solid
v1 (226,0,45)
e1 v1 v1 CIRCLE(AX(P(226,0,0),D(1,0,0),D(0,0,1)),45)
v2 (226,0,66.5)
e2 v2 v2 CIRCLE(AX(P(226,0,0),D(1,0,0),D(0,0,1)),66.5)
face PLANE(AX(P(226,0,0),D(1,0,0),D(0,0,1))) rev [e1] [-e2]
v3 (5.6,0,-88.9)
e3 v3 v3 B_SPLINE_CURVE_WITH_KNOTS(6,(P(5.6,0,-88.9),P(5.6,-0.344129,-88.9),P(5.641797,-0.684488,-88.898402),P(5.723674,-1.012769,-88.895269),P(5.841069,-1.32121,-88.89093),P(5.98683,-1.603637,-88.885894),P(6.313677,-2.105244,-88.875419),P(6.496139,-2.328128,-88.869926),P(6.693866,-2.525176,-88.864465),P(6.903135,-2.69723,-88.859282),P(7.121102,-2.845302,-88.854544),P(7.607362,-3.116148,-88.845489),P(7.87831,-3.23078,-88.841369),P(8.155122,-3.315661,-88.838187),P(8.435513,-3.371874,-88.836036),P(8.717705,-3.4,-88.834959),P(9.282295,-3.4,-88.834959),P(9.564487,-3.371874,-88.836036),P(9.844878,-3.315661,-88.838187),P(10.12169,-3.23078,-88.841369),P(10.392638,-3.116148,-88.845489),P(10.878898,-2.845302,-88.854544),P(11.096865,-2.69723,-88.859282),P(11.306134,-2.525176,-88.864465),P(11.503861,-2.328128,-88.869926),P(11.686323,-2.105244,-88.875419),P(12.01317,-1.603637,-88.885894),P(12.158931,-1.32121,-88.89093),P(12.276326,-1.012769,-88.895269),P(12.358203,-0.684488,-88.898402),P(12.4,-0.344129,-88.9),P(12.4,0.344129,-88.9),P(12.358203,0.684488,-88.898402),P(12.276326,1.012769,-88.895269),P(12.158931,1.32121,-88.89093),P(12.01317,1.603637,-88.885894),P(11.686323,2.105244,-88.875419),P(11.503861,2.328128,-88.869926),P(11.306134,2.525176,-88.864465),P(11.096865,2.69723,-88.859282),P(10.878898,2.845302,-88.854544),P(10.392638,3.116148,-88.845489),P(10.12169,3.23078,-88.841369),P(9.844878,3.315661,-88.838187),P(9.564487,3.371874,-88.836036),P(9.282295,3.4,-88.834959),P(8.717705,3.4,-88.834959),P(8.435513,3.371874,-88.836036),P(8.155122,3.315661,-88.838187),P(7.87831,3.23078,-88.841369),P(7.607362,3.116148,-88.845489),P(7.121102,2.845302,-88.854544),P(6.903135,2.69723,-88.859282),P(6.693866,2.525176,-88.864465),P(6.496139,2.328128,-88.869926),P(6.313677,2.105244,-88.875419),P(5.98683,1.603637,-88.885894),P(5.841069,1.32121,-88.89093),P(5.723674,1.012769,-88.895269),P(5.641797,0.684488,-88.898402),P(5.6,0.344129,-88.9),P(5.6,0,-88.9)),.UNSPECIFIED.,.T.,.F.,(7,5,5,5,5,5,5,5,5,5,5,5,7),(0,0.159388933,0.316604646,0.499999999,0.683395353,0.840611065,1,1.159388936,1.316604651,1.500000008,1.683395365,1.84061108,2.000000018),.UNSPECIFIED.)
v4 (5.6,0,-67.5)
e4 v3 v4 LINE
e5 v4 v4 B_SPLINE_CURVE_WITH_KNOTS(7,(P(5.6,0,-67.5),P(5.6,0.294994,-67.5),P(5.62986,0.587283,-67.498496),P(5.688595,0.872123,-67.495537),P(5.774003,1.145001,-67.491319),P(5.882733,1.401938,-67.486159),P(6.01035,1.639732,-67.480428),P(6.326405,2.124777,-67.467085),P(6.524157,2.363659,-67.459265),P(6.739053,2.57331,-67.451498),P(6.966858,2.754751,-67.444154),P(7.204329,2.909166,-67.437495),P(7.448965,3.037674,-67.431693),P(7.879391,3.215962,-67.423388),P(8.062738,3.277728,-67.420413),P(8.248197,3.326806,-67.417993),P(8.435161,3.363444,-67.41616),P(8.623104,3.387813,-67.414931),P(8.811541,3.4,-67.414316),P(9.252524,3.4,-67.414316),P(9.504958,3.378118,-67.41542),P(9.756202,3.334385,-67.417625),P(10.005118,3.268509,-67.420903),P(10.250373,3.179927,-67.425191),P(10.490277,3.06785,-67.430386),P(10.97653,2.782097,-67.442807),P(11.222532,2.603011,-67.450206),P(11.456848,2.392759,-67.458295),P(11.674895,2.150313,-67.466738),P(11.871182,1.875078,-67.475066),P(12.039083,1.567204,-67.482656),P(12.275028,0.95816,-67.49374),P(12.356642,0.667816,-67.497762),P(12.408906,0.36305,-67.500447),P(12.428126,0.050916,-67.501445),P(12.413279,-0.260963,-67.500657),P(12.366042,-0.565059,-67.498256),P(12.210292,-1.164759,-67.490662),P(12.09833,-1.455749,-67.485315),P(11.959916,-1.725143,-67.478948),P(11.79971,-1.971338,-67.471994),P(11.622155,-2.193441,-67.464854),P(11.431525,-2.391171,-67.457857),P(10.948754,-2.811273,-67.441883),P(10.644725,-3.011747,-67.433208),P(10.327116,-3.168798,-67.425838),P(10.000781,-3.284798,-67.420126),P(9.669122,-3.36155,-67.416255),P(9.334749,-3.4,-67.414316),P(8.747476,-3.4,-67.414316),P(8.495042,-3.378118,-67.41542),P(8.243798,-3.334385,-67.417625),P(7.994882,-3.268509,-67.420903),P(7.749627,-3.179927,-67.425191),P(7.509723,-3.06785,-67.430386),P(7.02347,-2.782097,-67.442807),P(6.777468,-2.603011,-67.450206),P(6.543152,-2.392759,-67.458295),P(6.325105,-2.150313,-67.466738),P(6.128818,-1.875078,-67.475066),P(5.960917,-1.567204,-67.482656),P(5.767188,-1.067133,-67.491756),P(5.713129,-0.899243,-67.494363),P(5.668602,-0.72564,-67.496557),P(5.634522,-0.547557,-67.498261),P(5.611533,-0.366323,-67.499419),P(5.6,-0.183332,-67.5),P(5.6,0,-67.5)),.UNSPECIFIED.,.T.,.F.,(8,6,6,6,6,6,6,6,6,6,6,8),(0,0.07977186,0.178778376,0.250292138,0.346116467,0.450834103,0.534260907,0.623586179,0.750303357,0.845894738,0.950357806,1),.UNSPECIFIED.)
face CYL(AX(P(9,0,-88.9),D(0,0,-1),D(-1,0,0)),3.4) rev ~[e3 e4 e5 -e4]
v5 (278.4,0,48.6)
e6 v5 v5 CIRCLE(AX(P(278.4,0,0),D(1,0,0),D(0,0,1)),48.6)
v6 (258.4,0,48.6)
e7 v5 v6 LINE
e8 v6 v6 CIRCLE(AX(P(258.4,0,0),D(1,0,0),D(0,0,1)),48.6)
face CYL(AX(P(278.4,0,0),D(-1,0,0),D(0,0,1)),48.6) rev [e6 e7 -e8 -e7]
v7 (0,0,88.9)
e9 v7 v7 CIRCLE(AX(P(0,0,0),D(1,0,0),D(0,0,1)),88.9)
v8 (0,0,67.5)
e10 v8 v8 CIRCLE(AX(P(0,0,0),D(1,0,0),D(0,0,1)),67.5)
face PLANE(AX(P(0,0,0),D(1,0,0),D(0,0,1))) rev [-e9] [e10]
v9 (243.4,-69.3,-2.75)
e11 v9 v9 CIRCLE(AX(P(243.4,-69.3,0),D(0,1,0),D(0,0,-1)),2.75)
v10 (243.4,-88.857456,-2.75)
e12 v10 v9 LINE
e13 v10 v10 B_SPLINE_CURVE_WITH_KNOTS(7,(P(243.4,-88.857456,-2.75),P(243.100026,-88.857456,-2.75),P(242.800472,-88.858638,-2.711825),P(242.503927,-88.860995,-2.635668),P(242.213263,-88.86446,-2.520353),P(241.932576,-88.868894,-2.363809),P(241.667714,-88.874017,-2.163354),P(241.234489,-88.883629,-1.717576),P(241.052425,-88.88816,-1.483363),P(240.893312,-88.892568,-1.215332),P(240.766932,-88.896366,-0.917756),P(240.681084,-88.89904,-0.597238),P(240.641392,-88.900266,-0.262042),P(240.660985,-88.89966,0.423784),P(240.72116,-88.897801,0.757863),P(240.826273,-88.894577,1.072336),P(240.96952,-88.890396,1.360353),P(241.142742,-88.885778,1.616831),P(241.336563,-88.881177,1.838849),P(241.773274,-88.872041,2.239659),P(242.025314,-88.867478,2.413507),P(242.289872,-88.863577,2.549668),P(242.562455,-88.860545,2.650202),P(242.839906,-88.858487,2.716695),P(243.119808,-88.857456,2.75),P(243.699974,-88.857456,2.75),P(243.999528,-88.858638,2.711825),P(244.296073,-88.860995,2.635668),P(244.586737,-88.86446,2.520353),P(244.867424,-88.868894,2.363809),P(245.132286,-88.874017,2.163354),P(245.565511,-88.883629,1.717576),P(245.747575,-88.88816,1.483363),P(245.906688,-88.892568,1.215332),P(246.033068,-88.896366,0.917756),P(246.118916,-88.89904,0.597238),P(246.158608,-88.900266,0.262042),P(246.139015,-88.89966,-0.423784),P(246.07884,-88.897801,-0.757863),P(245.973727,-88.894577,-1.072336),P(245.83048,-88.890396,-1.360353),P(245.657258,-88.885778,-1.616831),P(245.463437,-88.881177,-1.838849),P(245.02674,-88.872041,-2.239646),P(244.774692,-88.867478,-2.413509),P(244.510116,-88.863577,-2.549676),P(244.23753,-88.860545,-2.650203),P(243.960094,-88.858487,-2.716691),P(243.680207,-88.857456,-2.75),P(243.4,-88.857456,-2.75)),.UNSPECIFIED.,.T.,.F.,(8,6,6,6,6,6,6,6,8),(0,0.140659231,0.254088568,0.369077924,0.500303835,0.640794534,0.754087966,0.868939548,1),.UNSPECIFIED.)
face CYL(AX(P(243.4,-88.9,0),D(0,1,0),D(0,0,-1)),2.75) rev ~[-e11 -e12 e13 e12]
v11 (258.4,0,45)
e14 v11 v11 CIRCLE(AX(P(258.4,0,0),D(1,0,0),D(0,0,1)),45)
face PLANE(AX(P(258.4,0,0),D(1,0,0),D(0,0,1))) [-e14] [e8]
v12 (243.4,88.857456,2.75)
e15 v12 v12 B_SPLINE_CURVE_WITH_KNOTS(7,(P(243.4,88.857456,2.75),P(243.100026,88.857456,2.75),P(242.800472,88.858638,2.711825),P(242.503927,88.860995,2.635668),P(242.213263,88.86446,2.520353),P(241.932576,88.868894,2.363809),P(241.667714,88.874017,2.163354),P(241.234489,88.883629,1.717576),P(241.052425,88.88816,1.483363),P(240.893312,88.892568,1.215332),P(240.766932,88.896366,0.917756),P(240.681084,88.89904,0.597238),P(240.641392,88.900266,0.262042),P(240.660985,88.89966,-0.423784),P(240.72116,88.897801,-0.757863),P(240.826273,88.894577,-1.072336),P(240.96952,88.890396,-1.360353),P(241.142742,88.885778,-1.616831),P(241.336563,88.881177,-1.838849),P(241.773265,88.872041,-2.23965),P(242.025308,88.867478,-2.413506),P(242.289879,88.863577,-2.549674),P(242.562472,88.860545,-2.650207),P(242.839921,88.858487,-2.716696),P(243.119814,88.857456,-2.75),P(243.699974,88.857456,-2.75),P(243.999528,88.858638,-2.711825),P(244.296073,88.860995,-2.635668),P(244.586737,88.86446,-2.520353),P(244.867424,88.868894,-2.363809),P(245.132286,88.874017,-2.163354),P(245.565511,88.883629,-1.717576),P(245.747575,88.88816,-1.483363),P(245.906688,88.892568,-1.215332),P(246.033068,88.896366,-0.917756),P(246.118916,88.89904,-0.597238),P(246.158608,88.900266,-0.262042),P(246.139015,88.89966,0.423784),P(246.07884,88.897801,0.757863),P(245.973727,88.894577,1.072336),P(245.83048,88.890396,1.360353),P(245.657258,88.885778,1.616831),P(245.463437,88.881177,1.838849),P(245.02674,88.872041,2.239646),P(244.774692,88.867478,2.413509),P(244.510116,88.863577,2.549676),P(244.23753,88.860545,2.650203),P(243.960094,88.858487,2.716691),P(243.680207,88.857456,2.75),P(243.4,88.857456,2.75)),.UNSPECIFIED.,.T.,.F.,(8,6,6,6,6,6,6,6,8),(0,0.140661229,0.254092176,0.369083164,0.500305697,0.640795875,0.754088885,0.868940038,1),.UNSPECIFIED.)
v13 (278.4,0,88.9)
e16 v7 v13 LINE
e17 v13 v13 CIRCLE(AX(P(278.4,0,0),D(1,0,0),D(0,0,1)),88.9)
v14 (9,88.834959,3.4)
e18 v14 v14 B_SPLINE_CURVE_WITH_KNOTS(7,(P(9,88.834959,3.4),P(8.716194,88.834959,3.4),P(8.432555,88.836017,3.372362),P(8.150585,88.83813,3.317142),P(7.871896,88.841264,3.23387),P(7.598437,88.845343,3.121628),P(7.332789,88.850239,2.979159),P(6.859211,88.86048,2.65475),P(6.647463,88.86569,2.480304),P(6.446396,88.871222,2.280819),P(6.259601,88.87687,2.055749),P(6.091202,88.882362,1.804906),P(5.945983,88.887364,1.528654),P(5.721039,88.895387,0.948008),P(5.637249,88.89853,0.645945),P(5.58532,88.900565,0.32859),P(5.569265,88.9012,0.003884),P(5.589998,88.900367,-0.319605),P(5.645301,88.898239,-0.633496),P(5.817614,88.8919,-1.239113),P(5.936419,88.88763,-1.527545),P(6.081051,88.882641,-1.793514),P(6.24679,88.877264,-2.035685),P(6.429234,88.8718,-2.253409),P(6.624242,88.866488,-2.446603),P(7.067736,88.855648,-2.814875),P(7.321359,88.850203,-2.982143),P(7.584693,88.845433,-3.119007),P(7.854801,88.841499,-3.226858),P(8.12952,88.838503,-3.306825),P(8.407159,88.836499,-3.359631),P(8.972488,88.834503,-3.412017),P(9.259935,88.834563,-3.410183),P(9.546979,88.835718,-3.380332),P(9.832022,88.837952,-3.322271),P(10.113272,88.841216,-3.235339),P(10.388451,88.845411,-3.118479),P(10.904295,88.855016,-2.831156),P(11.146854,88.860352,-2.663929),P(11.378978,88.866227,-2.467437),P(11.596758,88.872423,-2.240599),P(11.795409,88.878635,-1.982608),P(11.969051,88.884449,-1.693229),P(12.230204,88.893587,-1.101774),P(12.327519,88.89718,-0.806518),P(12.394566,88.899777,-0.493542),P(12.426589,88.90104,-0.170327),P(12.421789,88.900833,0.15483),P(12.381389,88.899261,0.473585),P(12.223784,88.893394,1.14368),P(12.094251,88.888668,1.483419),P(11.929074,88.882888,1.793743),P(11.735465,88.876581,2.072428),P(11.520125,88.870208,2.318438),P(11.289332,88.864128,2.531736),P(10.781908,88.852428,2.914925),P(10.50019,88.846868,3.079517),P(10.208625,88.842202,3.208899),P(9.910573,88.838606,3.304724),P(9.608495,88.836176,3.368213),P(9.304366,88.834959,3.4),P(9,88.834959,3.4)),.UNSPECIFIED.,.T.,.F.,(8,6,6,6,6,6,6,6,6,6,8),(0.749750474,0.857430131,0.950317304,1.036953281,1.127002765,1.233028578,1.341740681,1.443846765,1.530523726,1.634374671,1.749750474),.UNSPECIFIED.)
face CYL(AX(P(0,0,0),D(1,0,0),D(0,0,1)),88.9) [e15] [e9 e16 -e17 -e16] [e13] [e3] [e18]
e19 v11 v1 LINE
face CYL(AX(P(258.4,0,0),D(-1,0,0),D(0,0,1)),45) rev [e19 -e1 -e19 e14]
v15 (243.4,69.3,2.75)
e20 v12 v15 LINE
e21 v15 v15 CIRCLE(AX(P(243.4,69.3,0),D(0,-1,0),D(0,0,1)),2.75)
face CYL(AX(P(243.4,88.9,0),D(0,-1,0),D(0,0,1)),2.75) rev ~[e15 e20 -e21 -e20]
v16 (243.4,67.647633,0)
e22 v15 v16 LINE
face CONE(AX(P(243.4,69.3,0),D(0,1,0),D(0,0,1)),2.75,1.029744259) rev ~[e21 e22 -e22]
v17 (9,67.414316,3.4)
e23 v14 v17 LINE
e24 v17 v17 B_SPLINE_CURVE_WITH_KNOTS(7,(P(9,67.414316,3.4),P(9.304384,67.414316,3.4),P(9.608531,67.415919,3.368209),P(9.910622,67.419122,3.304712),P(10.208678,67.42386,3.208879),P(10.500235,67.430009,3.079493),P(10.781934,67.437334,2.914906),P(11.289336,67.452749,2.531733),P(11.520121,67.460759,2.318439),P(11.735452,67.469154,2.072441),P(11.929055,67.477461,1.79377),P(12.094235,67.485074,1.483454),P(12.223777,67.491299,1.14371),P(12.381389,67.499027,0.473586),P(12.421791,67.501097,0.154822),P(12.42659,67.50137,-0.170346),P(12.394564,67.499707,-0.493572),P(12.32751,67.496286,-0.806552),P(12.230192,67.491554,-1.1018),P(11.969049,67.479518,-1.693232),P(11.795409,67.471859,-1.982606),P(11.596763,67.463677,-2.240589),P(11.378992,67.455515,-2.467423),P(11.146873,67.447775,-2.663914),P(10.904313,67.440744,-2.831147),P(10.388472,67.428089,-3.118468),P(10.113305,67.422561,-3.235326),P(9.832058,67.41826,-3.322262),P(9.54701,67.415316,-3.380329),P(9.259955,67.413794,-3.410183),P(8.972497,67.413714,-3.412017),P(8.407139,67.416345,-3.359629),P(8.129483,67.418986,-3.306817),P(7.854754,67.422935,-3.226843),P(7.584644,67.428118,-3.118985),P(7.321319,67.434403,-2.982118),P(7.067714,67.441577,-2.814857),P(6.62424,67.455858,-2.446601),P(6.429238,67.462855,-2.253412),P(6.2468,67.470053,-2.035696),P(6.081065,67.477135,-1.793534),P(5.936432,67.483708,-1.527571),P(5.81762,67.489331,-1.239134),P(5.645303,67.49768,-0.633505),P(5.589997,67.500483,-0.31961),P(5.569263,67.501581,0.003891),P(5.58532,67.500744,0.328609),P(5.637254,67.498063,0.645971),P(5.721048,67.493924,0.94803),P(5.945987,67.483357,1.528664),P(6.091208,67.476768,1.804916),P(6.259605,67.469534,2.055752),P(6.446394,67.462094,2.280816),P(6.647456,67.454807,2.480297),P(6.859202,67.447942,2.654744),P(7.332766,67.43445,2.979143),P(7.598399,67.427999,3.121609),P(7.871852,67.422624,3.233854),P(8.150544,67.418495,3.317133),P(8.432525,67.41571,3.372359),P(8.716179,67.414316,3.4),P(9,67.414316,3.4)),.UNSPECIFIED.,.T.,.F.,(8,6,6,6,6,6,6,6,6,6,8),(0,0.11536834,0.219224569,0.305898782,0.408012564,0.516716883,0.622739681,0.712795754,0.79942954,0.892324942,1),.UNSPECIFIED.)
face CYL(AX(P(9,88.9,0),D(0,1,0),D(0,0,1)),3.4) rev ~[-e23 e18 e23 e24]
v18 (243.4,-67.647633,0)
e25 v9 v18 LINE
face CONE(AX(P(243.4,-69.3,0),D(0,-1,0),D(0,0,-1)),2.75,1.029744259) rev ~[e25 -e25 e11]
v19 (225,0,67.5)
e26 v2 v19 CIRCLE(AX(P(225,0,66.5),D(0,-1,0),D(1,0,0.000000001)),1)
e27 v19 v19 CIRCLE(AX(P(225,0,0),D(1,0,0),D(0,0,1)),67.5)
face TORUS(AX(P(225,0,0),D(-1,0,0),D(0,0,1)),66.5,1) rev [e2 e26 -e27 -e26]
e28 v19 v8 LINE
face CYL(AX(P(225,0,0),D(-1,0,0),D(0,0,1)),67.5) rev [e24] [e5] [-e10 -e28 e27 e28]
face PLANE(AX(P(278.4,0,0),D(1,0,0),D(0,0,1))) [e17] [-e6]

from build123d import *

# Parameters (mm, degrees)
KREISMUSTER1_COUNT                 = 2
M8_GEWINDEBOHRUNG1_REACH           = 179.8
M8_GEWINDEBOHRUNG1_BORE_R          = 3.4
M8_GEWINDEBOHRUNG1_ON_FACE_2_REACH = 179.8
M8_GEWINDEBOHRUNG1_BORE_2_R        = 3.4


with BuildPart() as part:
    # Skizze1 → Rotation1 (revolve)
    with BuildSketch(Plane.XY, mode=Mode.PRIVATE) as rotation1_sk:
        with BuildLine():
            Line((0, 88.9), (278.4, 88.9))
            Line((278.4, 88.9), (278.4, 48.6))
            Line((278.4, 48.6), (258.4, 48.6))
            Line((258.4, 48.6), (258.4, 45))
            Line((258.4, 45), (226, 45))
            Line((226, 45), (226, 66.5))
            ThreePointArc((226, 66.5), (225.707106781, 67.207106781), (225, 67.5))
            Line((225, 67.5), (0, 67.5))
            Line((0, 67.5), (0, 88.9))
        make_face()
    revolve(rotation1_sk.sketch.rotate(Axis((0, 0, 0), (1, 0, 0)), 90), axis=Axis((0, 0, 0), (1, 0, 0)))  # turned: the seam where the file's is

    # Skizze6 → Schnitt-Rotation1 (revolve, cut)
    with BuildSketch(Plane.XY, mode=Mode.PRIVATE) as schnitt_rotation1_sk:
        Polygon((243.4, 88.9), (246.15, 88.9), (246.15, 69.3), (243.4, 67.647633298), align=None)
    schnitt_rotation1 = revolve(schnitt_rotation1_sk.sketch.rotate(Axis((243.4, 88.9, 0), (0, -1, 0)), 90), axis=Axis((243.4, 88.9, 0), (0, -1, 0)), mode=Mode.SUBTRACT)  # turned: the seam where the file's is

    # Kreismuster1: Schnitt-Rotation1 ×2 about axis
    kreismuster1_axis = Axis((0, 0, 0), (-1, 0, 0))
    for i in range(1, KREISMUSTER1_COUNT):
        add(schnitt_rotation1.rotate(kreismuster1_axis, i * 360 / KREISMUSTER1_COUNT), mode=Mode.SUBTRACT)

    # M8 Gewindebohrung1 bore (on position points) → M8 Gewindebohrung1 (cut, up to next)
    with BuildSketch(Plane(origin=(9, 88.9, 0), x_dir=(0, 0, 1), z_dir=(0, 1, 0)), mode=Mode.PRIVATE) as m8_gewindebohrung1_sk1:
        Circle(M8_GEWINDEBOHRUNG1_BORE_R)
    m8_gewindebohrung1_tool1 = extrude(m8_gewindebohrung1_sk1.sketch, amount=-M8_GEWINDEBOHRUNG1_REACH, mode=Mode.PRIVATE) & part.part
    add(m8_gewindebohrung1_tool1.solids().sort_by_distance((9, 88.9, 0))[0], mode=Mode.SUBTRACT)

    # M8 Gewindebohrung1 bore 2 (on position points) → M8 Gewindebohrung1 on face 2 (cut, up to next)
    with BuildSketch(Plane(origin=(9, 0, -88.9), x_dir=(-1, 0, 0), z_dir=(0, 0, -1)), mode=Mode.PRIVATE) as m8_gewindebohrung1_on_face_2_sk1:
        Circle(M8_GEWINDEBOHRUNG1_BORE_2_R)
    m8_gewindebohrung1_on_face_2_tool1 = extrude(m8_gewindebohrung1_on_face_2_sk1.sketch, amount=-M8_GEWINDEBOHRUNG1_ON_FACE_2_REACH, mode=Mode.PRIVATE) & part.part
    add(m8_gewindebohrung1_on_face_2_tool1.solids().sort_by_distance((9, 0, -88.9))[0], mode=Mode.SUBTRACT)


solid = part.part
